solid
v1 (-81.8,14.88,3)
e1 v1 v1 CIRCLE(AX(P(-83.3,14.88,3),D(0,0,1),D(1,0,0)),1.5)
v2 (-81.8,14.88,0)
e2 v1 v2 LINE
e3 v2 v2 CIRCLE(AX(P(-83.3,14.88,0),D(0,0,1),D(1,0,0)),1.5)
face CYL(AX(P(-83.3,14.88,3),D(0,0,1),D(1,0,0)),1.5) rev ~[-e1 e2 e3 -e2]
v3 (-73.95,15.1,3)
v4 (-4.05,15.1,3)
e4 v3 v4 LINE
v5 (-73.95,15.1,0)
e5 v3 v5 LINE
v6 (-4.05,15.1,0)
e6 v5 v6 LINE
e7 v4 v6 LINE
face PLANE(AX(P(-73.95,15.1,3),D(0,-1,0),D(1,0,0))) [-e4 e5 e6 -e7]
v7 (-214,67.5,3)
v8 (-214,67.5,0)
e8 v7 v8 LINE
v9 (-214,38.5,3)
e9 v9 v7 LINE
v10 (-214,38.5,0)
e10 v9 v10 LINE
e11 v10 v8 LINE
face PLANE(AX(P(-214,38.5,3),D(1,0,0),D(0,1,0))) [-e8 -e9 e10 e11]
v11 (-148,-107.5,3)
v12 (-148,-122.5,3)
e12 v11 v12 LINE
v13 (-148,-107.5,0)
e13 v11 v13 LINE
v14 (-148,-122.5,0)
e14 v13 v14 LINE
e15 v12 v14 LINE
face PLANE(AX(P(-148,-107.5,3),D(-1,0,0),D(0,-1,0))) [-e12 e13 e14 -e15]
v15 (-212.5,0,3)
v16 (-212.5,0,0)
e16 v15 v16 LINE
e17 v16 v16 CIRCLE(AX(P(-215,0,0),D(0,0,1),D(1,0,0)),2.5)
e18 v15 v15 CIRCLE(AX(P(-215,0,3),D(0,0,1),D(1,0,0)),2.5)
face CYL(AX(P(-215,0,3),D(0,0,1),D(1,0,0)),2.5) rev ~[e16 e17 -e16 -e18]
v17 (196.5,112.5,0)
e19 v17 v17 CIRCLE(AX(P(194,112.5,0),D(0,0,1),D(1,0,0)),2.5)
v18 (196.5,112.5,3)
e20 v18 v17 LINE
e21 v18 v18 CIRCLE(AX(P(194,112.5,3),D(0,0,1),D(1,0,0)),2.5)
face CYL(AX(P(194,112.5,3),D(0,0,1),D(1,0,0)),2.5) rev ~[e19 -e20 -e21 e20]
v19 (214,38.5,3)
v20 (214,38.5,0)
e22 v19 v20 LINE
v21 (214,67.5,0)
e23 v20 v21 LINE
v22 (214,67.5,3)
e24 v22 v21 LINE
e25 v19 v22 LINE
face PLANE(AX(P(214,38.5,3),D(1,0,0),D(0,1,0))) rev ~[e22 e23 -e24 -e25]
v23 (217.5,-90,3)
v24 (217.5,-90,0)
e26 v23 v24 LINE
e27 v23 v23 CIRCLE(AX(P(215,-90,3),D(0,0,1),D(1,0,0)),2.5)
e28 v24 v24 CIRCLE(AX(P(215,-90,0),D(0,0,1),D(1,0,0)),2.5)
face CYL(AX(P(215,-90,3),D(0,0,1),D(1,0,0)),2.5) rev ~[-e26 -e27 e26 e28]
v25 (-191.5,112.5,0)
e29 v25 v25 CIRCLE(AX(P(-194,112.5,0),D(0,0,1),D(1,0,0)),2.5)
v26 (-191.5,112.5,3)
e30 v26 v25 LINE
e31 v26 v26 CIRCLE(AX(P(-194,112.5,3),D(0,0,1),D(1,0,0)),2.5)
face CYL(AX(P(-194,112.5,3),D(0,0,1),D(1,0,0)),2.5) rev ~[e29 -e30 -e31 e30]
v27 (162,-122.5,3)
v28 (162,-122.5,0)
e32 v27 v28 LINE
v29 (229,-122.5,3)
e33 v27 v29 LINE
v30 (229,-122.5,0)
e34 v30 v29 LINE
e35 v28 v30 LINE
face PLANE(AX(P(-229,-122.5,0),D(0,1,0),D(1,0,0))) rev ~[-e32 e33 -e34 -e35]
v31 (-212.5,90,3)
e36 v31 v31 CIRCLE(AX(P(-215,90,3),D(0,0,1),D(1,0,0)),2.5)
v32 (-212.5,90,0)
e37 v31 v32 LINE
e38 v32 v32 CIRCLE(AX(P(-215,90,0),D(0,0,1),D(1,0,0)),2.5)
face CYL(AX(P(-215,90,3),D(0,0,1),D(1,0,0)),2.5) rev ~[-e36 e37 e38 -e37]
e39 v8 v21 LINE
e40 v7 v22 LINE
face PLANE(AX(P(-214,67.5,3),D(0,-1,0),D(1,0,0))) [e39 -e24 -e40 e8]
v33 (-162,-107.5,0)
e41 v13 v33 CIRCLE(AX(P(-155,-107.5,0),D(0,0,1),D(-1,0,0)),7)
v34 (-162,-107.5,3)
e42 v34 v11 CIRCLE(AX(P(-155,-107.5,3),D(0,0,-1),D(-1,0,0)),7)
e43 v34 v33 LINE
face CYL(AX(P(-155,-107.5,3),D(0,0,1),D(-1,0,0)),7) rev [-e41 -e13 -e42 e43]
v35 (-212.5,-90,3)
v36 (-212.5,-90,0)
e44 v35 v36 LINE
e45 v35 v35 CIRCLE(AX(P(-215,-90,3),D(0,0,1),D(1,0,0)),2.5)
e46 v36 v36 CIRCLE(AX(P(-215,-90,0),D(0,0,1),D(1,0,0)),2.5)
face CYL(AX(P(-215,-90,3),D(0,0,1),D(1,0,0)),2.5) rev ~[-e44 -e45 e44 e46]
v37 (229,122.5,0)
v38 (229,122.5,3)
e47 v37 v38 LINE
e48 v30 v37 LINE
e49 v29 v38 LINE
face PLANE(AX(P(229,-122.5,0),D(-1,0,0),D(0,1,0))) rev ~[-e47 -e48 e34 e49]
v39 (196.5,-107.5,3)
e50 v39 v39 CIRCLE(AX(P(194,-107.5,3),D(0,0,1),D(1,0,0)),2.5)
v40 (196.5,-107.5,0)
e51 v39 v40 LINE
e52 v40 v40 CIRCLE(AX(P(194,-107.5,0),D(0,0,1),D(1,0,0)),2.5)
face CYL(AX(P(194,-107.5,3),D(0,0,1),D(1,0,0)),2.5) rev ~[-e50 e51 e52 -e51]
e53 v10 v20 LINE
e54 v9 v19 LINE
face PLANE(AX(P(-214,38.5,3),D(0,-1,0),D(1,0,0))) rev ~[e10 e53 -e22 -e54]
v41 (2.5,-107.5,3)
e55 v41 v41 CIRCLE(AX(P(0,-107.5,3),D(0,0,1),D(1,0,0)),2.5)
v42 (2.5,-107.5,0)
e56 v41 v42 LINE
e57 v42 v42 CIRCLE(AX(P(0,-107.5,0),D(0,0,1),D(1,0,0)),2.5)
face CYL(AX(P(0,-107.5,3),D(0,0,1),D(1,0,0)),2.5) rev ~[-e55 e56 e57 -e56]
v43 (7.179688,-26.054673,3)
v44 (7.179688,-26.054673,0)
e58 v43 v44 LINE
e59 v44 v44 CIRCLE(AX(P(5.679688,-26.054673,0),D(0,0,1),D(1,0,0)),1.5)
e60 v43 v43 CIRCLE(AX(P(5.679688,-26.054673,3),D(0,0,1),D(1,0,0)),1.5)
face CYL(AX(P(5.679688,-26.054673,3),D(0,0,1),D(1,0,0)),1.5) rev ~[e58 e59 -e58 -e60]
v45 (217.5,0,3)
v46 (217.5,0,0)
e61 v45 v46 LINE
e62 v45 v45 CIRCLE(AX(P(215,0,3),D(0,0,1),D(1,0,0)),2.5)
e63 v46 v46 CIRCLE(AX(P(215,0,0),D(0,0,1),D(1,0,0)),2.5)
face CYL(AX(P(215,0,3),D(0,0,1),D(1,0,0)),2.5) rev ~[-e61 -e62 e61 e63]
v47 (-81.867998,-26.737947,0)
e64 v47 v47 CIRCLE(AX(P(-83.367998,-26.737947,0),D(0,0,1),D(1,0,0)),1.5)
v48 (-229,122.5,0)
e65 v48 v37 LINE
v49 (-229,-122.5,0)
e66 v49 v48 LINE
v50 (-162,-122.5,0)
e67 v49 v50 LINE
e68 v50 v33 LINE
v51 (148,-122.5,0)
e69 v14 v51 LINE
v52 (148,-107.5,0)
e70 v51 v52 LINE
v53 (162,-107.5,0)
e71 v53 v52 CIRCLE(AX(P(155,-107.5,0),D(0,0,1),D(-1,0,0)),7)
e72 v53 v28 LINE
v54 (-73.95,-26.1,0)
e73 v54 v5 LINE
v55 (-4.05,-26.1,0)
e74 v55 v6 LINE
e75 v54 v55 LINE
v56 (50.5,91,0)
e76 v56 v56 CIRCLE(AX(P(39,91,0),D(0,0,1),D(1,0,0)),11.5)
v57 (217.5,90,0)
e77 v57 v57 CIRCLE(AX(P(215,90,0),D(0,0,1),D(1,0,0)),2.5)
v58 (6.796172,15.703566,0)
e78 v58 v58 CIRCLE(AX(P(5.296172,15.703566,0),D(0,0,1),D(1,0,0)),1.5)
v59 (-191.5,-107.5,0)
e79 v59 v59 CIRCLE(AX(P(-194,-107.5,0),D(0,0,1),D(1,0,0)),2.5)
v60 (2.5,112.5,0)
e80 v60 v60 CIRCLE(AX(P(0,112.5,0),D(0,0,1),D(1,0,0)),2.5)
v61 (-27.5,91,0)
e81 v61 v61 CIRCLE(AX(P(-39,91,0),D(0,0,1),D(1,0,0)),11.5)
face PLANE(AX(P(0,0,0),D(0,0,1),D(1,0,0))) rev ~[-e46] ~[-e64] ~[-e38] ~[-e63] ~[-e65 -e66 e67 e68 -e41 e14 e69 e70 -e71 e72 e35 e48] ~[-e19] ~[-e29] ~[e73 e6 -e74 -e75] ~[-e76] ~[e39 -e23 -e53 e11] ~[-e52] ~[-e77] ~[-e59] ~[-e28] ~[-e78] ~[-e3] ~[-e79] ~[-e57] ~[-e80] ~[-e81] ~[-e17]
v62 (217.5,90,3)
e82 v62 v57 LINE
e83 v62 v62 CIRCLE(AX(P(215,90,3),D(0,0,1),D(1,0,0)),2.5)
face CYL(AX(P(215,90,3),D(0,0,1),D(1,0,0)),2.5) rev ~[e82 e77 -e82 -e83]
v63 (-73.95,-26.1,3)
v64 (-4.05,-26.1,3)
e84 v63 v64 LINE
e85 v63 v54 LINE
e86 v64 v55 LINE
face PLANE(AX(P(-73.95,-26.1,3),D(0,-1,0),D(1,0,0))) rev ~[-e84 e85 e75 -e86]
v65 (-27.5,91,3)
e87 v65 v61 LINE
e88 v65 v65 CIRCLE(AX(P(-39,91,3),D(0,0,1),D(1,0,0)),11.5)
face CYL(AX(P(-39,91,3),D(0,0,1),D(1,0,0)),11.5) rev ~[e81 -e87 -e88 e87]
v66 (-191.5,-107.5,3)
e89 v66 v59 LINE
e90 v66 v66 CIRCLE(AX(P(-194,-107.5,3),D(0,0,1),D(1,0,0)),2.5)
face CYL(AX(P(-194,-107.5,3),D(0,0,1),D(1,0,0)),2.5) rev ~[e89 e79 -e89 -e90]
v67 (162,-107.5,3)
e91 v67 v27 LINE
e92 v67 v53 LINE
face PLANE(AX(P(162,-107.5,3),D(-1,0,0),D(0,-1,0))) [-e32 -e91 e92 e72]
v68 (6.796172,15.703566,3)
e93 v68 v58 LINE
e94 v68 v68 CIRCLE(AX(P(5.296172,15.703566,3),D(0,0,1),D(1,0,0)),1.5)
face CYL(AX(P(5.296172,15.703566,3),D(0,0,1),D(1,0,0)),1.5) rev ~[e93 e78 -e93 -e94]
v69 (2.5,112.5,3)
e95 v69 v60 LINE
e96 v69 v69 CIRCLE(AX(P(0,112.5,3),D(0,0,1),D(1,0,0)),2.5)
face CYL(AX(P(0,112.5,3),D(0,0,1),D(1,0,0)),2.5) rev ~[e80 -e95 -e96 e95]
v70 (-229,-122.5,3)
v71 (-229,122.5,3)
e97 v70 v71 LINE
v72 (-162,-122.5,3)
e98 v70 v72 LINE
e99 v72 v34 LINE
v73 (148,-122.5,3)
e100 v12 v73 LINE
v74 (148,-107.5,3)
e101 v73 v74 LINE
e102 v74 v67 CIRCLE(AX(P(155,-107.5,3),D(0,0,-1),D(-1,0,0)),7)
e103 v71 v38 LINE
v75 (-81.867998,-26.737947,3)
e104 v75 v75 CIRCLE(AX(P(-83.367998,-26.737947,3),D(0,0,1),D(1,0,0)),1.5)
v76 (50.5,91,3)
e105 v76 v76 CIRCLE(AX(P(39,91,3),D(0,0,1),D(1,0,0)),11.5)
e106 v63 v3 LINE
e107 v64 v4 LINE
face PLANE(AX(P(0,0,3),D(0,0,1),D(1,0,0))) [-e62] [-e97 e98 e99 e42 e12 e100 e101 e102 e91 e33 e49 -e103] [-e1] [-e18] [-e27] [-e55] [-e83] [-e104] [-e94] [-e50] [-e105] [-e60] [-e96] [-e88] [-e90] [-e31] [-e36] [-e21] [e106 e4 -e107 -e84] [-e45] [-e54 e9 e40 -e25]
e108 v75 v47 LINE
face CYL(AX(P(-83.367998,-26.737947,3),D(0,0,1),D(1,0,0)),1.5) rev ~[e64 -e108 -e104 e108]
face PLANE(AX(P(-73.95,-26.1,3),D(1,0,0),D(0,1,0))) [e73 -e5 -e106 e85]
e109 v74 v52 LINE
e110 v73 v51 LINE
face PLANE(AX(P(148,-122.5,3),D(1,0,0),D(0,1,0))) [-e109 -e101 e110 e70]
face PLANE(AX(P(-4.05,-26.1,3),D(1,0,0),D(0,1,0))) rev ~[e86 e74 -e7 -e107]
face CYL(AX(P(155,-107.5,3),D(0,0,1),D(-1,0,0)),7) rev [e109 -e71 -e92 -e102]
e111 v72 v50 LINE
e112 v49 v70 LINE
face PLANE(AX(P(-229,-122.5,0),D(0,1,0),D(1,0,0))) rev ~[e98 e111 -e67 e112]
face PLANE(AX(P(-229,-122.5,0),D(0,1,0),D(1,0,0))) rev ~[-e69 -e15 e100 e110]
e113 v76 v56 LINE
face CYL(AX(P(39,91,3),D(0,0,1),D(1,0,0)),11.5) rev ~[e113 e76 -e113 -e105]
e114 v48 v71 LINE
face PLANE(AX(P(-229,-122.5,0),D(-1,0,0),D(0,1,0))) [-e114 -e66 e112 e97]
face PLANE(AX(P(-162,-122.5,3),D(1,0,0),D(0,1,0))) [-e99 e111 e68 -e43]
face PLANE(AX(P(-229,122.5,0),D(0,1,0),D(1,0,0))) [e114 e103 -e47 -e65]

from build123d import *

# Parameters (mm, degrees)
SKETCH1_W           = 458
SKETCH1_H           = 245
BOSS_EXTRUDE1_DEPTH = 3
CUT_EXTRUDE1_DEPTH  = 260.723410574
SKETCH3_R           = 2.5
CUT_EXTRUDE2_DEPTH  = 260.723410574
SKETCH4_R           = 11.5
CUT_EXTRUDE3_DEPTH  = 260.723410574
SKETCH5_W           = 428
SKETCH5_H           = 29
CUT_EXTRUDE4_DEPTH  = 260.723410574
SKETCH8_R           = 1.5
SKETCH8_W           = 69.9
SKETCH8_H           = 41.2
CUT_EXTRUDE5_DEPTH  = 260.723410574


with BuildPart() as part:
    # Sketch1 → Boss-Extrude1 (new body)
    with BuildSketch(Plane.XY):
        Rectangle(SKETCH1_W, SKETCH1_H)
    extrude(amount=BOSS_EXTRUDE1_DEPTH)

    # Sketch2 → Cut-Extrude1 (cut, through all)
    with BuildSketch(Plane.XY.offset(3)):
        with BuildLine():
            Line((-148, -107.5), (-148, -122.5))
            ThreePointArc((-148, -122.5), (-155, -129.5), (-162, -122.5))
            Line((-162, -122.5), (-162, -107.5))
            ThreePointArc((-162, -107.5), (-155, -100.5), (-148, -107.5))
        make_face()
        with BuildLine():
            Line((162, -107.5), (162, -122.5))
            ThreePointArc((162, -122.5), (155, -129.5), (148, -122.5))
            Line((148, -122.5), (148, -107.5))
            ThreePointArc((148, -107.5), (155, -100.5), (162, -107.5))
        make_face()
    extrude(amount=-CUT_EXTRUDE1_DEPTH, mode=Mode.SUBTRACT)

    # Sketch3 → Cut-Extrude2 (cut, through all)
    with BuildSketch(Plane.XY.offset(3)):
        with Locations((-194, 112.5)):
            Circle(SKETCH3_R)
        with Locations((-194, -107.5)):
            Circle(SKETCH3_R)
        with Locations((194, -107.5)):
            Circle(SKETCH3_R)
        with Locations((194, 112.5)):
            Circle(SKETCH3_R)
        with Locations((-215, 0)):
            Circle(SKETCH3_R)
        with Locations((-215, -90)):
            Circle(SKETCH3_R)
        with Locations((-215, 90)):
            Circle(SKETCH3_R)
        with Locations((215, 0)):
            Circle(SKETCH3_R)
        with Locations((215, -90)):
            Circle(SKETCH3_R)
        with Locations((215, 90)):
            Circle(SKETCH3_R)
        with Locations((0, 112.5)):
            Circle(SKETCH3_R)
        with Locations((0, -107.5)):
            Circle(SKETCH3_R)
    extrude(amount=-CUT_EXTRUDE2_DEPTH, mode=Mode.SUBTRACT)

    # Sketch4 → Cut-Extrude3 (cut, through all)
    with BuildSketch(Plane.XY.offset(3)):
        with Locations((-39, 91)):
            Circle(SKETCH4_R)
        with Locations((39, 91)):
            Circle(SKETCH4_R)
    extrude(amount=-CUT_EXTRUDE3_DEPTH, mode=Mode.SUBTRACT)

    # Sketch5 → Cut-Extrude4 (cut, through all)
    with BuildSketch(Plane.XY.offset(3)):
        with Locations((0, 53)):
            Rectangle(SKETCH5_W, SKETCH5_H)
    extrude(amount=-CUT_EXTRUDE4_DEPTH, mode=Mode.SUBTRACT)

    # Sketch8 → Cut-Extrude5 (cut, through all)
    with BuildSketch(Plane.XY.offset(3)):
        with Locations((5.296172264, 15.703565509)):
            Circle(SKETCH8_R)
        with Locations((5.679687501, -26.054673392)):
            Circle(SKETCH8_R)
        with Locations((-83.3, 14.88)):
            Circle(SKETCH8_R)
        with Locations((-83.367997673, -26.737946691)):
            Circle(SKETCH8_R)
        with Locations((-39, -5.5)):
            Rectangle(SKETCH8_W, SKETCH8_H)
    extrude(amount=-CUT_EXTRUDE5_DEPTH, mode=Mode.SUBTRACT)


solid = part.part
